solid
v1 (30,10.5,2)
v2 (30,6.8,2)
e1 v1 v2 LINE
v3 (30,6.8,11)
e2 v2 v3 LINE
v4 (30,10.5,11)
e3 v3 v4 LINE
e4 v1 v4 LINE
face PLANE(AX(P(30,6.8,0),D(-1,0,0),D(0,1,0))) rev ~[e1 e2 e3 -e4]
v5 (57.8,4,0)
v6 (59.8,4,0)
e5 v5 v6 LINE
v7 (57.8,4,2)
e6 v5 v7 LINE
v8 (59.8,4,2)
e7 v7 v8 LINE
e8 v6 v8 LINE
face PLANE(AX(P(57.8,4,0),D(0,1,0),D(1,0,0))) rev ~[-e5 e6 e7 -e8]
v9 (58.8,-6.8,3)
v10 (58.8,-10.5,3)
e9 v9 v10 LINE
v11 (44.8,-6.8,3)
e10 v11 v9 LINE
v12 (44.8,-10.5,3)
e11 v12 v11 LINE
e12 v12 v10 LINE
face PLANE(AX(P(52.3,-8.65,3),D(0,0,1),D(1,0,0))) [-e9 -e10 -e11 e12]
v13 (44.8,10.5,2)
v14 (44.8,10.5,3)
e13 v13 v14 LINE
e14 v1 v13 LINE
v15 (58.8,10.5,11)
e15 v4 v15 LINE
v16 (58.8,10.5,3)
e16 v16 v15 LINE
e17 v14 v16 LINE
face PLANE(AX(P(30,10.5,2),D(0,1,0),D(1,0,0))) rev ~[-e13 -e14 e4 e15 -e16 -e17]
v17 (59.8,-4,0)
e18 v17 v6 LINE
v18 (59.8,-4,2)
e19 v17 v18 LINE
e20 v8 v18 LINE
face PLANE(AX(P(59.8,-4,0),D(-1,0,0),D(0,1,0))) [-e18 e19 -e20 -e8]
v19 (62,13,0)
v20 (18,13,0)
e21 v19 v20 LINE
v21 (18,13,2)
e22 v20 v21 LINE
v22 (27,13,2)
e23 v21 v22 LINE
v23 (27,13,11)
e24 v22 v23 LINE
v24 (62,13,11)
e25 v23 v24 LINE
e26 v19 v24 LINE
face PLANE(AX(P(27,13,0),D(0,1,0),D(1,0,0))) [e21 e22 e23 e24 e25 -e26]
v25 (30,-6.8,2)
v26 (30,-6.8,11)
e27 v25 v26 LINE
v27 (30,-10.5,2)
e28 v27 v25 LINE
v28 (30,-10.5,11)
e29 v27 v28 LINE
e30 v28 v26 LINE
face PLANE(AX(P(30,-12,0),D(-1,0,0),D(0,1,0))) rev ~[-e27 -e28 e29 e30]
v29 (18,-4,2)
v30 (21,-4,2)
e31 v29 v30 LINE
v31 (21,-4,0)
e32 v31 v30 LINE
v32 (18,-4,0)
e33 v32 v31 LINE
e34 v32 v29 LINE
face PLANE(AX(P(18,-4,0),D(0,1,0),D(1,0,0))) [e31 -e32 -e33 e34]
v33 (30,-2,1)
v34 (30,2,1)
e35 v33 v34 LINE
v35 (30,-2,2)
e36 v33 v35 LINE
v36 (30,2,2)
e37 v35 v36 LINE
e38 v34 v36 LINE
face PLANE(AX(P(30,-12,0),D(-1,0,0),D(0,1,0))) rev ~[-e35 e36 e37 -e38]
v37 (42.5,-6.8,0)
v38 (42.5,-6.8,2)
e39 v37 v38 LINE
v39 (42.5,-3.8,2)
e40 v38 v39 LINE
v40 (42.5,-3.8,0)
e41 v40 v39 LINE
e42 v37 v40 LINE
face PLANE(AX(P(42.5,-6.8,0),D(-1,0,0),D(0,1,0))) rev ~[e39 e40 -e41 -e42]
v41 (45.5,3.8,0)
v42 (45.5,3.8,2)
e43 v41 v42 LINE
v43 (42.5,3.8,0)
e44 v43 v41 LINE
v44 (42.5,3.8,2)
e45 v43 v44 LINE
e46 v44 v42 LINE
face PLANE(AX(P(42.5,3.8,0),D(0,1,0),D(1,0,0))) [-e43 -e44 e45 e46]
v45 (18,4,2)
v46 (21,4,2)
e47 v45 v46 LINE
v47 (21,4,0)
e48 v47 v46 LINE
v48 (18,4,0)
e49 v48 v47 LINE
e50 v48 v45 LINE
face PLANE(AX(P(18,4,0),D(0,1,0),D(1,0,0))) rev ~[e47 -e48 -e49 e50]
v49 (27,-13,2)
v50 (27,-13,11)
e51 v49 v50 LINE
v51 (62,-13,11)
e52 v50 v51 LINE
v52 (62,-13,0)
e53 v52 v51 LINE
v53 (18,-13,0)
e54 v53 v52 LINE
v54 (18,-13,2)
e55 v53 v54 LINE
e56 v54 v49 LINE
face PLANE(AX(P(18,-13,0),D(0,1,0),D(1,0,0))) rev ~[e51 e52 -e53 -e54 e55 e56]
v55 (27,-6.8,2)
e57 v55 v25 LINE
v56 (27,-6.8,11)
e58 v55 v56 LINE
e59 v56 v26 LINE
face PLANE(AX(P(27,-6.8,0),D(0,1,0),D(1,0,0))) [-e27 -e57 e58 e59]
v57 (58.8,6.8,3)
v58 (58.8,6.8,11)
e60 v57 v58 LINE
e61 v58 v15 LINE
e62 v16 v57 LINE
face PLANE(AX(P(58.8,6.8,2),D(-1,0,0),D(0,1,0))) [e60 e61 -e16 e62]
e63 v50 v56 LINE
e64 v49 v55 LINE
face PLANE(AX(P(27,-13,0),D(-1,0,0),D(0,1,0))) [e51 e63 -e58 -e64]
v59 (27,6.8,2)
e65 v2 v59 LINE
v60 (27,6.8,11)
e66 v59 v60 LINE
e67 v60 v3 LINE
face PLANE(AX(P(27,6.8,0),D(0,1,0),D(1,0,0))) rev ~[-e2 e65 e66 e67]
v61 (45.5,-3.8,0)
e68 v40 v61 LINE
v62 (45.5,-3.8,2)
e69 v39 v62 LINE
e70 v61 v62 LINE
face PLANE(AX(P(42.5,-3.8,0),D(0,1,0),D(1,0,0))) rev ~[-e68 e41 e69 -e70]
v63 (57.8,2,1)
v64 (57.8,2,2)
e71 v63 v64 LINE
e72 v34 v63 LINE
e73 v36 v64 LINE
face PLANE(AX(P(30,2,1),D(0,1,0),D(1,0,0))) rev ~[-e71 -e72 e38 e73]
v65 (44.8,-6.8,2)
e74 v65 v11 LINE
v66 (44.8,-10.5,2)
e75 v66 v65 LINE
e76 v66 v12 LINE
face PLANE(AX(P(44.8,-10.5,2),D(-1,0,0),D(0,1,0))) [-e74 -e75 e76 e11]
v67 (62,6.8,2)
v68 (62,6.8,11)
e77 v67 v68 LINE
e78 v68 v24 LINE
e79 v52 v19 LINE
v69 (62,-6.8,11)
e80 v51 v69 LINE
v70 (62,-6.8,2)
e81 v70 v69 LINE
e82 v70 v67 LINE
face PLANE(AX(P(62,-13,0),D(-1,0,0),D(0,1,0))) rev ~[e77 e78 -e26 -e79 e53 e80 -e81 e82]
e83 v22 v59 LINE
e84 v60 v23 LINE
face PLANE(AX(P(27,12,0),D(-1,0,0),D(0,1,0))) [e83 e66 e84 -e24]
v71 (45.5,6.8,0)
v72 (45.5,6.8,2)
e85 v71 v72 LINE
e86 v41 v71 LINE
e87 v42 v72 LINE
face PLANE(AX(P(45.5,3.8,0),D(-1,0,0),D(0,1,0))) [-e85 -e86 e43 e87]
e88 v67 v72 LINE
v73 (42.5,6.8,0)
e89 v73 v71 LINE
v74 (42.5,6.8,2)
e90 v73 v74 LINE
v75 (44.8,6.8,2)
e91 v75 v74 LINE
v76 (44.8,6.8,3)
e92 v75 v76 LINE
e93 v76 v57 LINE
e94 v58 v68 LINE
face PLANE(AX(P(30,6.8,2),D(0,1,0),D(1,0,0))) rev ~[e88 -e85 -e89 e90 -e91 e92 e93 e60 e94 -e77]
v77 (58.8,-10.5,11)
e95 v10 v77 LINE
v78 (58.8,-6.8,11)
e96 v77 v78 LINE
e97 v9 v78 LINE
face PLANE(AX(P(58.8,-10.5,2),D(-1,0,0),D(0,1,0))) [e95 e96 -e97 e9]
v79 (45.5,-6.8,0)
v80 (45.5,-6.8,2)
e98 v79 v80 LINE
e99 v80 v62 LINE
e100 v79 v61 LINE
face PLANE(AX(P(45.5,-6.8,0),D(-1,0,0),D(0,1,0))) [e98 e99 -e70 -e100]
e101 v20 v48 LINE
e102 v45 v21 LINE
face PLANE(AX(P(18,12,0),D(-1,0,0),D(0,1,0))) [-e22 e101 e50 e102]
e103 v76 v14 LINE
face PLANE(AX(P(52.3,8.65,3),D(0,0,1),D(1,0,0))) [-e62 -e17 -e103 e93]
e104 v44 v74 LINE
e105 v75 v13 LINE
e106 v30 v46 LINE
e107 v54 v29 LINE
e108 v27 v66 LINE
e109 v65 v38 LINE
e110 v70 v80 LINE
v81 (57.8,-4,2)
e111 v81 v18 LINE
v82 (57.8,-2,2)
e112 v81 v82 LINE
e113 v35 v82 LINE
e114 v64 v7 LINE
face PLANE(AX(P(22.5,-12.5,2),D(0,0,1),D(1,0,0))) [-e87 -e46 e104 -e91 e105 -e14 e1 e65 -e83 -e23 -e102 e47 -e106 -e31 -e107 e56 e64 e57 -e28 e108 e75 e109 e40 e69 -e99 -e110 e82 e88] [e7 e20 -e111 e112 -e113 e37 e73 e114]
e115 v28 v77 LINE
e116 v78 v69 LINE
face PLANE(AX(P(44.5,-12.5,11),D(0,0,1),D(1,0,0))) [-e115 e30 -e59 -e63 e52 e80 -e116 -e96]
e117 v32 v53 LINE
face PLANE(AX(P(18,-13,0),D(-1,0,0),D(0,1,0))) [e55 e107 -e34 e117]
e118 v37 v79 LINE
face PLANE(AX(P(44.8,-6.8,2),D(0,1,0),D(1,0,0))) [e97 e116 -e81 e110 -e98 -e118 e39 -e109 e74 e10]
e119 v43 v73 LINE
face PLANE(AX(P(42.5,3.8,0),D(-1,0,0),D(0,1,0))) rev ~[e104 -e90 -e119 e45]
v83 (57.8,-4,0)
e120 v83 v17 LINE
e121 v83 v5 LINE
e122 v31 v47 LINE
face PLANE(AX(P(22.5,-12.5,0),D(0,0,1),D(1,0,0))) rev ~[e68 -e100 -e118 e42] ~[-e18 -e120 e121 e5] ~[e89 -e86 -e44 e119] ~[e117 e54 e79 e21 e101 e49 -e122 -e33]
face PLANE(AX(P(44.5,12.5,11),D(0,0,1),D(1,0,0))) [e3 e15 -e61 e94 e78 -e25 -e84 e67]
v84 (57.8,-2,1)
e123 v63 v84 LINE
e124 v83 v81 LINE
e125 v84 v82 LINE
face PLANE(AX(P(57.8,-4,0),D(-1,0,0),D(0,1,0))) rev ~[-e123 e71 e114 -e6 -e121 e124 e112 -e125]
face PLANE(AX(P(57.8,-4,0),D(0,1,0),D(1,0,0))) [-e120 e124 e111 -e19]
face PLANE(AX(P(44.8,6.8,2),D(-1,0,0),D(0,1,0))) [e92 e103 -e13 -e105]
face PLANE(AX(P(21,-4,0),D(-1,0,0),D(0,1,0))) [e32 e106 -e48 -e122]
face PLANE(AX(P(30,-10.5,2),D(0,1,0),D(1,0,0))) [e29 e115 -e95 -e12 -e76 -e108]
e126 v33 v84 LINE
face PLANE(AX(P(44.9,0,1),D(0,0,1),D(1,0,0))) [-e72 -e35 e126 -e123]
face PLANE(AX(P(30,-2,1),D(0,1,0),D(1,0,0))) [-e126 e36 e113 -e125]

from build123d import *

# Parameters (mm, degrees)
BOX003_W     = 29.8
BOX003_H     = 4
BOX003_DEPTH = 1
BOX004_W     = 3
BOX004_H     = 3
BOX004_DEPTH = 2
BOX005_W     = 3
BOX005_H     = 3
BOX005_DEPTH = 2
BOX006_W     = 2
BOX006_H     = 8
BOX006_DEPTH = 2
BOX002_W     = 29.8
BOX002_H     = 13.6
BOX002_DEPTH = 9
BOX001_W     = 32
BOX001_H     = 24
BOX001_DEPTH = 2
BOX015_W     = 3
BOX015_H     = 5.2
BOX015_DEPTH = 11
BOX008_W     = 15
BOX008_H     = 3.7
BOX008_DEPTH = 1
BOX009_W     = 3.2
BOX009_H     = 3.7
BOX009_DEPTH = 9
BOX010_W     = 3.2
BOX010_H     = 3.7
BOX010_DEPTH = 9
BOX011_W     = 32
BOX011_H     = 1.5
BOX011_DEPTH = 9
BOX012_W     = 32
BOX012_H     = 1.5
BOX012_DEPTH = 9
BOX017_W     = 35
BOX017_H     = 1
BOX017_DEPTH = 11
BOX016_W     = 3
BOX016_H     = 8
BOX016_DEPTH = 2
BOX013_W     = 12
BOX013_H     = 24
BOX013_DEPTH = 2
BOX014_W     = 3
BOX014_H     = 5.2
BOX014_DEPTH = 11
BOX019_W     = 9
BOX019_H     = 1
BOX019_DEPTH = 2
BOX018_W     = 35
BOX018_H     = 1
BOX018_DEPTH = 11
BOX020_W     = 9
BOX020_H     = 1
BOX020_DEPTH = 2
BOX007_W     = 15
BOX007_H     = 3.7
BOX007_DEPTH = 1


with BuildPart() as cube003:
    # Box003 → Box003 (new body)
    with BuildSketch(Plane(origin=(0, -2, 1), x_dir=(1, 0, 0), z_dir=(0, 0, 1))):
        with Locations((14.9, 2)):
            Rectangle(BOX003_W, BOX003_H)
    extrude(amount=BOX003_DEPTH)


with BuildPart() as cube004:
    # Box004 → Box004 (new body)
    with BuildSketch(Plane(origin=(12.5, 3.8, 0), x_dir=(1, 0, 0), z_dir=(0, 0, 1))):
        with Locations((1.5, 1.5)):
            Rectangle(BOX004_W, BOX004_H)
    extrude(amount=BOX004_DEPTH)


with BuildPart() as cube005:
    # Box005 → Box005 (new body)
    with BuildSketch(Plane(origin=(12.5, -6.8, 0), x_dir=(1, 0, 0), z_dir=(0, 0, 1))):
        with Locations((1.5, 1.5)):
            Rectangle(BOX005_W, BOX005_H)
    extrude(amount=BOX005_DEPTH)


with BuildPart() as cube006:
    # Box006 → Box006 (new body)
    with BuildSketch(Plane(origin=(27.8, -4, 0), x_dir=(1, 0, 0), z_dir=(0, 0, 1))):
        with Locations((1, 4)):
            Rectangle(BOX006_W, BOX006_H)
    extrude(amount=BOX006_DEPTH)


with BuildPart() as fusion:
    # Box002 → Box002 (new body)
    with BuildSketch(Plane(origin=(0, -6.8, 2), x_dir=(1, 0, 0), z_dir=(0, 0, 1))):
        with Locations((14.9, 6.8)):
            Rectangle(BOX002_W, BOX002_H)
    extrude(amount=BOX002_DEPTH)

    # Fusion: union Cube003, Cube004, Cube005, Cube006
    add(cube003.part)
    add(cube004.part)
    add(cube005.part)
    add(cube006.part)


with BuildPart() as cut:
    # Box001 → Box001 (new body)
    with BuildSketch(Plane(origin=(0, -12, 0), x_dir=(1, 0, 0), z_dir=(0, 0, 1))):
        with Locations((16, 12)):
            Rectangle(BOX001_W, BOX001_H)
    extrude(amount=BOX001_DEPTH)

    # Cut: cut Fusion
    add(fusion.part, mode=Mode.SUBTRACT)


with BuildPart() as cube015:
    # Box015 → Box015 (new body)
    with BuildSketch(Plane(origin=(-3, -12, 0), x_dir=(1, 0, 0), z_dir=(0, 0, 1))):
        with Locations((1.5, 2.6)):
            Rectangle(BOX015_W, BOX015_H)
    extrude(amount=BOX015_DEPTH)


with BuildPart() as cube008:
    # Box008 → Box008 (new body)
    with BuildSketch(Plane(origin=(14.8, -10.5, 2), x_dir=(1, 0, 0), z_dir=(0, 0, 1))):
        with Locations((7.5, 1.85)):
            Rectangle(BOX008_W, BOX008_H)
    extrude(amount=BOX008_DEPTH)


with BuildPart() as cube009:
    # Box009 → Box009 (new body)
    with BuildSketch(Plane(origin=(28.8, 6.8, 2), x_dir=(1, 0, 0), z_dir=(0, 0, 1))):
        with Locations((1.6, 1.85)):
            Rectangle(BOX009_W, BOX009_H)
    extrude(amount=BOX009_DEPTH)


with BuildPart() as cube010:
    # Box010 → Box010 (new body)
    with BuildSketch(Plane(origin=(28.8, -10.5, 2), x_dir=(1, 0, 0), z_dir=(0, 0, 1))):
        with Locations((1.6, 1.85)):
            Rectangle(BOX010_W, BOX010_H)
    extrude(amount=BOX010_DEPTH)


with BuildPart() as cube011:
    # Box011 → Box011 (new body)
    with BuildSketch(Plane(origin=(0, 10.5, 2), x_dir=(1, 0, 0), z_dir=(0, 0, 1))):
        with Locations((16, 0.75)):
            Rectangle(BOX011_W, BOX011_H)
    extrude(amount=BOX011_DEPTH)


with BuildPart() as cube012:
    # Box012 → Box012 (new body)
    with BuildSketch(Plane(origin=(0, -12, 2), x_dir=(1, 0, 0), z_dir=(0, 0, 1))):
        with Locations((16, 0.75)):
            Rectangle(BOX012_W, BOX012_H)
    extrude(amount=BOX012_DEPTH)


with BuildPart() as cube017:
    # Box017 → Box017 (new body)
    with BuildSketch(Plane(origin=(-3, -13, 0), x_dir=(1, 0, 0), z_dir=(0, 0, 1))):
        with Locations((17.5, 0.5)):
            Rectangle(BOX017_W, BOX017_H)
    extrude(amount=BOX017_DEPTH)


with BuildPart() as cube016:
    # Box016 → Box016 (new body)
    with BuildSketch(Plane(origin=(-12, -4, 0), x_dir=(1, 0, 0), z_dir=(0, 0, 1))):
        with Locations((1.5, 4)):
            Rectangle(BOX016_W, BOX016_H)
    extrude(amount=BOX016_DEPTH)


with BuildPart() as cut001:
    # Box013 → Box013 (new body)
    with BuildSketch(Plane(origin=(-12, -12, 0), x_dir=(1, 0, 0), z_dir=(0, 0, 1))):
        with Locations((6, 12)):
            Rectangle(BOX013_W, BOX013_H)
    extrude(amount=BOX013_DEPTH)

    # Cut001: cut Cube016
    add(cube016.part, mode=Mode.SUBTRACT)


with BuildPart() as cube014:
    # Box014 → Box014 (new body)
    with BuildSketch(Plane(origin=(-3, 6.8, 0), x_dir=(1, 0, 0), z_dir=(0, 0, 1))):
        with Locations((1.5, 2.6)):
            Rectangle(BOX014_W, BOX014_H)
    extrude(amount=BOX014_DEPTH)


with BuildPart() as cube019:
    # Box019 → Box019 (new body)
    with BuildSketch(Plane(origin=(-12, 12, 0), x_dir=(1, 0, 0), z_dir=(0, 0, 1))):
        with Locations((4.5, 0.5)):
            Rectangle(BOX019_W, BOX019_H)
    extrude(amount=BOX019_DEPTH)


with BuildPart() as cube018:
    # Box018 → Box018 (new body)
    with BuildSketch(Plane(origin=(-3, 12, 0), x_dir=(1, 0, 0), z_dir=(0, 0, 1))):
        with Locations((17.5, 0.5)):
            Rectangle(BOX018_W, BOX018_H)
    extrude(amount=BOX018_DEPTH)


with BuildPart() as cube020:
    # Box020 → Box020 (new body)
    with BuildSketch(Plane(origin=(-12, -13, 0), x_dir=(1, 0, 0), z_dir=(0, 0, 1))):
        with Locations((4.5, 0.5)):
            Rectangle(BOX020_W, BOX020_H)
    extrude(amount=BOX020_DEPTH)


with BuildPart() as bottom:
    # Box007 → Box007 (new body)
    with BuildSketch(Plane(origin=(14.8, 6.8, 2), x_dir=(1, 0, 0), z_dir=(0, 0, 1))):
        with Locations((7.5, 1.85)):
            Rectangle(BOX007_W, BOX007_H)
    extrude(amount=BOX007_DEPTH)

    # Fusion001: union Cut, Cube015, Cube008, Cube009, Cube010, Cube011, Cube012, Cube017, Cut001, Cube014, Cube019, Cube018, Cube020
    add(cut.part)
    add(cube015.part)
    add(cube008.part)
    add(cube009.part)
    add(cube010.part)
    add(cube011.part)
    add(cube012.part)
    add(cube017.part)
    add(cut001.part)
    add(cube014.part)
    add(cube019.part)
    add(cube018.part)
    add(cube020.part)


with BuildPart() as bottom_1:
    # Fusion001 placement: moved
    add(bottom.part.moved(Location((30, 0, 0))))


solid = bottom_1.part
